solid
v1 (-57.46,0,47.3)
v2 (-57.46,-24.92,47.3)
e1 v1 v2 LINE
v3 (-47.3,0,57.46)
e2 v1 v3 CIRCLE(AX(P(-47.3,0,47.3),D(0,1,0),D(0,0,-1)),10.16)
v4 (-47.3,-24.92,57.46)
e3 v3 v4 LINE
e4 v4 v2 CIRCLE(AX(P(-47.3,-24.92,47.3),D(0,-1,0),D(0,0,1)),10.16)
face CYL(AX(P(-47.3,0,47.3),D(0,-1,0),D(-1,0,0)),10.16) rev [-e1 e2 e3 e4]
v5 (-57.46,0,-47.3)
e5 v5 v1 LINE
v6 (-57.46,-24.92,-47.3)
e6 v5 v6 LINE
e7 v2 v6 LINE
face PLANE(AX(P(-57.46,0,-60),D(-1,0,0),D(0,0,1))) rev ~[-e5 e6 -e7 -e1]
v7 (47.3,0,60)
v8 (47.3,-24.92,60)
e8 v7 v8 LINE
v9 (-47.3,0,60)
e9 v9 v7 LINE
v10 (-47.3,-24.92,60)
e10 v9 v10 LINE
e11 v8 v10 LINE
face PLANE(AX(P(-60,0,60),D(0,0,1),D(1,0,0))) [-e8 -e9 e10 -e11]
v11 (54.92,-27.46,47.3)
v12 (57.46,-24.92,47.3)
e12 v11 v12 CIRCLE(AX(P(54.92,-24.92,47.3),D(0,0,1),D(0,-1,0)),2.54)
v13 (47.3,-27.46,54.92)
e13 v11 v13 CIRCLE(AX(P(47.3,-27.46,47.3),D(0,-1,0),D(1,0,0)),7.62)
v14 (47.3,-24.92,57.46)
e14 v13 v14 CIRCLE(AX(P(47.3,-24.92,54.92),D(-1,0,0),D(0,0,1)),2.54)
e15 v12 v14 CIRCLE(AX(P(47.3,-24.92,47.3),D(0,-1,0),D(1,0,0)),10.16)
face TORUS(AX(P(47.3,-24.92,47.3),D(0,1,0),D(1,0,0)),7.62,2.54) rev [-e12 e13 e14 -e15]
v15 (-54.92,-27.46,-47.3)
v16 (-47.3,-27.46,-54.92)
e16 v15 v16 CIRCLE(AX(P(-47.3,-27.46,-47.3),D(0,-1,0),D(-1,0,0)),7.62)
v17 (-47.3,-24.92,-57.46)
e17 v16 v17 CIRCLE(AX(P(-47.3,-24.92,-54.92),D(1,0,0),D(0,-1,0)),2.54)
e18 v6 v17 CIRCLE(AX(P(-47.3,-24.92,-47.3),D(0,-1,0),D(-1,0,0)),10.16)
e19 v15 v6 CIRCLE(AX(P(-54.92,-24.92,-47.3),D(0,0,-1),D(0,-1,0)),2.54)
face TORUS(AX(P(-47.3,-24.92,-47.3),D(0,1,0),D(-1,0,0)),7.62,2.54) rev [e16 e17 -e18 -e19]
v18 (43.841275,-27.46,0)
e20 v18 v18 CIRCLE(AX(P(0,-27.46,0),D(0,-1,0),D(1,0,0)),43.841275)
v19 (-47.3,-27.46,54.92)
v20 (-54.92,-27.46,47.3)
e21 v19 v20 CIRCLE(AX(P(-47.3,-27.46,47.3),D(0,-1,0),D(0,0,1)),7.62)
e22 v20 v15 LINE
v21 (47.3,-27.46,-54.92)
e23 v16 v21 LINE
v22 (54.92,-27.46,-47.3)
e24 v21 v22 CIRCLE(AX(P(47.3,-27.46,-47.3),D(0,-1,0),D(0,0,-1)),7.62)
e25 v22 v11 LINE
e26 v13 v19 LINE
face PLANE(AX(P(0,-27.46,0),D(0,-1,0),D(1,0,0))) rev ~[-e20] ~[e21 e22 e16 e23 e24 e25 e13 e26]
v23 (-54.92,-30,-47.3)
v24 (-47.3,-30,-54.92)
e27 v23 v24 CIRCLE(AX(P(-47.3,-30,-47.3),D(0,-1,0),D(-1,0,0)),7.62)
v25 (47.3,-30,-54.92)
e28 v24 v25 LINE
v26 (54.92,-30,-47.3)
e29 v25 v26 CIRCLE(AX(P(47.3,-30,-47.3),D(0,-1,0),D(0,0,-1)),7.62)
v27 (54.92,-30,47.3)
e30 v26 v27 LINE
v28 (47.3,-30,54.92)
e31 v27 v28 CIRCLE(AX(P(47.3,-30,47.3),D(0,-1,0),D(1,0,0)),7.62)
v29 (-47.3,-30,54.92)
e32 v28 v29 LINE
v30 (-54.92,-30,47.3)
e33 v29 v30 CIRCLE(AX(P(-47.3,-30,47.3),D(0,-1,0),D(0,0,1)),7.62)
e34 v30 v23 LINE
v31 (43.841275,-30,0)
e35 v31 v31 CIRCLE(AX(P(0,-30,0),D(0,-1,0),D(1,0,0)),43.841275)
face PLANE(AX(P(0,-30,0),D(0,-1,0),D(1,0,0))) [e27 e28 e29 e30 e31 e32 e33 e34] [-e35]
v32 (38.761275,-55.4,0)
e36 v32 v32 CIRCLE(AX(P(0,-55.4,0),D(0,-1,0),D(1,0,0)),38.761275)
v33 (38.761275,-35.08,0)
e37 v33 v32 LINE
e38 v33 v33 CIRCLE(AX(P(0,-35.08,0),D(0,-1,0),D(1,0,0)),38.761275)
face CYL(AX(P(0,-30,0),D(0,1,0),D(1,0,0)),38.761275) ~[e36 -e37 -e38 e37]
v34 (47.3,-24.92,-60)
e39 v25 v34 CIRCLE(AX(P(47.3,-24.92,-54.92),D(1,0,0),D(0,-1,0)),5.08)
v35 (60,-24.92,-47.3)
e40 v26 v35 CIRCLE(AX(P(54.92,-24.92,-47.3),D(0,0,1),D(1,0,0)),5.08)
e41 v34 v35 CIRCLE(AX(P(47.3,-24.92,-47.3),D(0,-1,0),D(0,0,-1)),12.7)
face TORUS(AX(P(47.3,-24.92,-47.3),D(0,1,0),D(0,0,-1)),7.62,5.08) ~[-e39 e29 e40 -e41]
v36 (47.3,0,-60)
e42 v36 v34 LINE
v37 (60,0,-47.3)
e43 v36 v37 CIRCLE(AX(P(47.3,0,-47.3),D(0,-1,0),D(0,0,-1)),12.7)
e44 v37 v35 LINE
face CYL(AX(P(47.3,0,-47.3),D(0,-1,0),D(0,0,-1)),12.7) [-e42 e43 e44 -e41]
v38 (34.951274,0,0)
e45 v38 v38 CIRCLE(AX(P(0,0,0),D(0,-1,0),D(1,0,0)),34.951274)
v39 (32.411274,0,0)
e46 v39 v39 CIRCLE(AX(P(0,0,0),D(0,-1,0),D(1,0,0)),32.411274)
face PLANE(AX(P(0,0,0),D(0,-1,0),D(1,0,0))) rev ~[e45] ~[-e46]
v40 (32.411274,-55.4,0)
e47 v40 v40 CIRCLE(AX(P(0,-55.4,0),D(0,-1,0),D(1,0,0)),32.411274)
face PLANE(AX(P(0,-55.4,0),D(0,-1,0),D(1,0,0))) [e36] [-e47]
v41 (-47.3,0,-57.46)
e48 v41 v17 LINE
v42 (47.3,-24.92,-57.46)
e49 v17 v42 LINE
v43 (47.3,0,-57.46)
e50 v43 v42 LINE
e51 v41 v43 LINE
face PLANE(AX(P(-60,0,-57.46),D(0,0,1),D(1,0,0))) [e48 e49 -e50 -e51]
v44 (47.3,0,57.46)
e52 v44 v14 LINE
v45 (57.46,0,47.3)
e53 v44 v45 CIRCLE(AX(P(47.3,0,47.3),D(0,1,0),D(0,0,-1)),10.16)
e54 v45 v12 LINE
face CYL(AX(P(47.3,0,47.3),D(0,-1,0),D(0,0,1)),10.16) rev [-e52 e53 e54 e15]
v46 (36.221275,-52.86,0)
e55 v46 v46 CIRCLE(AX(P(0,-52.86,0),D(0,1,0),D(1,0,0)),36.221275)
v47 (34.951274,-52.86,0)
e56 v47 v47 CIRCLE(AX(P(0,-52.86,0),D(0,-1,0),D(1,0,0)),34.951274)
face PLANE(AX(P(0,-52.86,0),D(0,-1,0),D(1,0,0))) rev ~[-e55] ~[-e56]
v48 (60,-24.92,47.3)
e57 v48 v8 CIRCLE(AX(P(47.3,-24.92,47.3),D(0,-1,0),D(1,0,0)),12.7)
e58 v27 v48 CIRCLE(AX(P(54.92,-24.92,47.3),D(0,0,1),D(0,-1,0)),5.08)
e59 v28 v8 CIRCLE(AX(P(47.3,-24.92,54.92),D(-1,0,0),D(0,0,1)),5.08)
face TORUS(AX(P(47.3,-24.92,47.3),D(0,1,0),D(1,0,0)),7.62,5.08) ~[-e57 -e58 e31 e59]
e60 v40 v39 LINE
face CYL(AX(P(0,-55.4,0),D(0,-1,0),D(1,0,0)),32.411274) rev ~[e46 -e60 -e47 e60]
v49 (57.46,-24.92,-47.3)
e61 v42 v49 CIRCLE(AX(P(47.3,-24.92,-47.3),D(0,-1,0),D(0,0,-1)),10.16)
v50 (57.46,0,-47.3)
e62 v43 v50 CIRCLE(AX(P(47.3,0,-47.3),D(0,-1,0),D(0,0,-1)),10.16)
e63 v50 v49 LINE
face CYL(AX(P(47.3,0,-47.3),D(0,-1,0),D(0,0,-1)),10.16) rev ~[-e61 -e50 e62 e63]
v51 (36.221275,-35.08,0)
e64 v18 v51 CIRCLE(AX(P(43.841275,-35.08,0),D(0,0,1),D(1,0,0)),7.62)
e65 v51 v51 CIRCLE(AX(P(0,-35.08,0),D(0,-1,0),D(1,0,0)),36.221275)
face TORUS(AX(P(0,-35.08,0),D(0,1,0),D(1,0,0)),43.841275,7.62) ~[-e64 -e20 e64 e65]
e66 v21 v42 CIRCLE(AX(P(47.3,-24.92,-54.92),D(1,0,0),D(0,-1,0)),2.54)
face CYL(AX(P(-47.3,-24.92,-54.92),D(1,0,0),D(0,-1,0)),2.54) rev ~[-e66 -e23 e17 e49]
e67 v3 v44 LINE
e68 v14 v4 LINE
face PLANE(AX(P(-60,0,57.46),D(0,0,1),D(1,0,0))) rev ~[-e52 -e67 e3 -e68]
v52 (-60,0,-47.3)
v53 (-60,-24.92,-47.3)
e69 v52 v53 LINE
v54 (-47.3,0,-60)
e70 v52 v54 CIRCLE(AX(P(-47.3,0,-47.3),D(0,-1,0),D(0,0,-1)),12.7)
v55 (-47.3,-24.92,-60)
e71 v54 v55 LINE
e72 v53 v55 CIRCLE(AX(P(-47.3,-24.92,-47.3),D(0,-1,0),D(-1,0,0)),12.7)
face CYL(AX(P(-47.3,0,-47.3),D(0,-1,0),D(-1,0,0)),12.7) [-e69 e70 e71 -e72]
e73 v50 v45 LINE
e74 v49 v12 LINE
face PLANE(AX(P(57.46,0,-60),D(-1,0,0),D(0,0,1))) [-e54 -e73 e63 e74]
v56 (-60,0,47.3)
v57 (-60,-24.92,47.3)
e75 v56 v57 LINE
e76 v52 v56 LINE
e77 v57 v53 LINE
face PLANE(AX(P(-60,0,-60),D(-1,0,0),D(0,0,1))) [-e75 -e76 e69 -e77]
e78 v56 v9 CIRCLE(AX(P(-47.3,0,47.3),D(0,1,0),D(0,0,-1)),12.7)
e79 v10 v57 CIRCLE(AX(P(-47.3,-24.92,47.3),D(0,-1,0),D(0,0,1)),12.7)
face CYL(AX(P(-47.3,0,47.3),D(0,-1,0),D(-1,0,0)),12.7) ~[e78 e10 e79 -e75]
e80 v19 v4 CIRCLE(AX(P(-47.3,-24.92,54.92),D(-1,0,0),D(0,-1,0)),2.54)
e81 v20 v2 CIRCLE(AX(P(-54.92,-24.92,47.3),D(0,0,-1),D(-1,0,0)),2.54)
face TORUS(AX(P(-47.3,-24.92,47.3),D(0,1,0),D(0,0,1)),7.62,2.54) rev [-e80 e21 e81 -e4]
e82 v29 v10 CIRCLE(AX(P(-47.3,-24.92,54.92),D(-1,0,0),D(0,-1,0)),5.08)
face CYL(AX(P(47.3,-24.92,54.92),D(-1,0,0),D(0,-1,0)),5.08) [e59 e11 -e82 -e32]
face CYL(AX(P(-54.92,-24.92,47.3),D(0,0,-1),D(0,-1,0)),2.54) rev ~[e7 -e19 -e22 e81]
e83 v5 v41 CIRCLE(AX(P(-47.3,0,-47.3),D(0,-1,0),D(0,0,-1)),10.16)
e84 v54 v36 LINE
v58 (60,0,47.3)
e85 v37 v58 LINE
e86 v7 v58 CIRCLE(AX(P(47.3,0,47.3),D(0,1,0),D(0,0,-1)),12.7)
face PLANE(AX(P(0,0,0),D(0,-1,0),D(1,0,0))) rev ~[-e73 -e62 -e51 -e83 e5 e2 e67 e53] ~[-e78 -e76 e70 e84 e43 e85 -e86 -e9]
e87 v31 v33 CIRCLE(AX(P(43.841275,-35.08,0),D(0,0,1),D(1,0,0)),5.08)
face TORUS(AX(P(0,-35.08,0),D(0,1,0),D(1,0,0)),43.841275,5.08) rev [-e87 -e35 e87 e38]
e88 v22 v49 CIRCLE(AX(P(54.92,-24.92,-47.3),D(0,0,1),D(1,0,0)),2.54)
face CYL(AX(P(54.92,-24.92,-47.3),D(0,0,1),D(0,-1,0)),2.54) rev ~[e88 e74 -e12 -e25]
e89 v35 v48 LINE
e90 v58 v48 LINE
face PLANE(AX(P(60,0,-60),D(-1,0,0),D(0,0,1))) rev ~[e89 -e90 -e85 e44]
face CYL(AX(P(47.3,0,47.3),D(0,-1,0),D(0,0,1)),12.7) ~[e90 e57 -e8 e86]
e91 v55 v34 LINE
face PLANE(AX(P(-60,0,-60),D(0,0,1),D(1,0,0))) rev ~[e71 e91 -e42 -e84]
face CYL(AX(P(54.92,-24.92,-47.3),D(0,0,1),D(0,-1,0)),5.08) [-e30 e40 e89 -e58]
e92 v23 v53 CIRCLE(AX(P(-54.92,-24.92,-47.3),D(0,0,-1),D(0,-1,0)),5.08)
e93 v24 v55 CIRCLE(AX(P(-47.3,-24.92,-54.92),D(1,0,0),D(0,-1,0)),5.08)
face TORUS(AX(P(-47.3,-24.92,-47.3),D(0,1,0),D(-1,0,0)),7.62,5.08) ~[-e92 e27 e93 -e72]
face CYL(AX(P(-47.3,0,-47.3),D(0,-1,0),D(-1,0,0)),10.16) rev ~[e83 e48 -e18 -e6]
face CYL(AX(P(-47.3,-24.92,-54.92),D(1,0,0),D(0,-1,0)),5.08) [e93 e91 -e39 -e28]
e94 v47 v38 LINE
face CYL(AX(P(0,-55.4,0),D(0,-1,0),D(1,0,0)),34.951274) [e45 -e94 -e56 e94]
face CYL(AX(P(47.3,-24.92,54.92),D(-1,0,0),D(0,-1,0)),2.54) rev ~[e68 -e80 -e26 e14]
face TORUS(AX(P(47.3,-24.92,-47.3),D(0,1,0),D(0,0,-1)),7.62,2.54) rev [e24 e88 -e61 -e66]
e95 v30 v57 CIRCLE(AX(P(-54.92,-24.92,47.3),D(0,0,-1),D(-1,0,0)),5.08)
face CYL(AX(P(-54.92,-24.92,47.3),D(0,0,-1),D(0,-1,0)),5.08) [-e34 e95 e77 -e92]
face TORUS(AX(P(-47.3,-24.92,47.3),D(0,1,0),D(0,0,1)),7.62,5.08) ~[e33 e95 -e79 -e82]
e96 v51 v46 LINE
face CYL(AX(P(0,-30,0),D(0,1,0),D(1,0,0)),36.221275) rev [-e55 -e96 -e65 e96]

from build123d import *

# Parameters (mm, degrees)
F0_W     = 120
F0_H     = 120
F1_DEPTH = 30
F2_R     = 38.7612750812
F3_DEPTH = 25.4
F4_R     = 32.4112735689
F5_DEPTH = 55.401
F6_R     = 12.7
F7_R     = 5.08
F8_T     = -2.54


with BuildPart() as f1:
    # F0 (on Front) → F1 (new body)
    with BuildSketch(Plane.XZ):
        Rectangle(F0_W, F0_H)
    extrude(amount=F1_DEPTH)

    # F2 (on face) → F3 (join)
    with BuildSketch(Plane.XZ.offset(30)):
        Circle(F2_R)
    extrude(amount=F3_DEPTH)

    # F4 (on face) → F5 (cut, through all)
    with BuildSketch(Plane.XZ.offset(55.4)):
        Circle(F4_R)
    extrude(amount=-F5_DEPTH, mode=Mode.SUBTRACT)

    # F6
    f6_edges = [f1.edges().sort_by_distance(p)[0] for p in [
        (-60, -15, -60),
        (-60, -15, 60),
        (60, -15, 60),
        (60, -15, -60),
    ]]
    fillet(f6_edges, radius=F6_R)

    # F7
    f7_edges = [f1.edges().sort_by_distance(p)[0] for p in [
        (0, -30, -60),
        (-56.280256, -30, -56.280256),
        (56.280256, -30, -56.280256),
        (-60, -30, 0),
        (60, -30, 0),
        (-56.280256, -30, 56.280256),
        (56.280256, -30, 56.280256),
        (0, -30, 60),
        (-38.761275, -30, 0),
    ]]
    fillet(f7_edges, radius=F7_R)

    # F8
    f8_openings = [f1.faces().sort_by_distance(p)[0] for p in [
        (0, 0, -58.302944),
    ]]
    offset(amount=F8_T, openings=f8_openings)


solid = f1.part
